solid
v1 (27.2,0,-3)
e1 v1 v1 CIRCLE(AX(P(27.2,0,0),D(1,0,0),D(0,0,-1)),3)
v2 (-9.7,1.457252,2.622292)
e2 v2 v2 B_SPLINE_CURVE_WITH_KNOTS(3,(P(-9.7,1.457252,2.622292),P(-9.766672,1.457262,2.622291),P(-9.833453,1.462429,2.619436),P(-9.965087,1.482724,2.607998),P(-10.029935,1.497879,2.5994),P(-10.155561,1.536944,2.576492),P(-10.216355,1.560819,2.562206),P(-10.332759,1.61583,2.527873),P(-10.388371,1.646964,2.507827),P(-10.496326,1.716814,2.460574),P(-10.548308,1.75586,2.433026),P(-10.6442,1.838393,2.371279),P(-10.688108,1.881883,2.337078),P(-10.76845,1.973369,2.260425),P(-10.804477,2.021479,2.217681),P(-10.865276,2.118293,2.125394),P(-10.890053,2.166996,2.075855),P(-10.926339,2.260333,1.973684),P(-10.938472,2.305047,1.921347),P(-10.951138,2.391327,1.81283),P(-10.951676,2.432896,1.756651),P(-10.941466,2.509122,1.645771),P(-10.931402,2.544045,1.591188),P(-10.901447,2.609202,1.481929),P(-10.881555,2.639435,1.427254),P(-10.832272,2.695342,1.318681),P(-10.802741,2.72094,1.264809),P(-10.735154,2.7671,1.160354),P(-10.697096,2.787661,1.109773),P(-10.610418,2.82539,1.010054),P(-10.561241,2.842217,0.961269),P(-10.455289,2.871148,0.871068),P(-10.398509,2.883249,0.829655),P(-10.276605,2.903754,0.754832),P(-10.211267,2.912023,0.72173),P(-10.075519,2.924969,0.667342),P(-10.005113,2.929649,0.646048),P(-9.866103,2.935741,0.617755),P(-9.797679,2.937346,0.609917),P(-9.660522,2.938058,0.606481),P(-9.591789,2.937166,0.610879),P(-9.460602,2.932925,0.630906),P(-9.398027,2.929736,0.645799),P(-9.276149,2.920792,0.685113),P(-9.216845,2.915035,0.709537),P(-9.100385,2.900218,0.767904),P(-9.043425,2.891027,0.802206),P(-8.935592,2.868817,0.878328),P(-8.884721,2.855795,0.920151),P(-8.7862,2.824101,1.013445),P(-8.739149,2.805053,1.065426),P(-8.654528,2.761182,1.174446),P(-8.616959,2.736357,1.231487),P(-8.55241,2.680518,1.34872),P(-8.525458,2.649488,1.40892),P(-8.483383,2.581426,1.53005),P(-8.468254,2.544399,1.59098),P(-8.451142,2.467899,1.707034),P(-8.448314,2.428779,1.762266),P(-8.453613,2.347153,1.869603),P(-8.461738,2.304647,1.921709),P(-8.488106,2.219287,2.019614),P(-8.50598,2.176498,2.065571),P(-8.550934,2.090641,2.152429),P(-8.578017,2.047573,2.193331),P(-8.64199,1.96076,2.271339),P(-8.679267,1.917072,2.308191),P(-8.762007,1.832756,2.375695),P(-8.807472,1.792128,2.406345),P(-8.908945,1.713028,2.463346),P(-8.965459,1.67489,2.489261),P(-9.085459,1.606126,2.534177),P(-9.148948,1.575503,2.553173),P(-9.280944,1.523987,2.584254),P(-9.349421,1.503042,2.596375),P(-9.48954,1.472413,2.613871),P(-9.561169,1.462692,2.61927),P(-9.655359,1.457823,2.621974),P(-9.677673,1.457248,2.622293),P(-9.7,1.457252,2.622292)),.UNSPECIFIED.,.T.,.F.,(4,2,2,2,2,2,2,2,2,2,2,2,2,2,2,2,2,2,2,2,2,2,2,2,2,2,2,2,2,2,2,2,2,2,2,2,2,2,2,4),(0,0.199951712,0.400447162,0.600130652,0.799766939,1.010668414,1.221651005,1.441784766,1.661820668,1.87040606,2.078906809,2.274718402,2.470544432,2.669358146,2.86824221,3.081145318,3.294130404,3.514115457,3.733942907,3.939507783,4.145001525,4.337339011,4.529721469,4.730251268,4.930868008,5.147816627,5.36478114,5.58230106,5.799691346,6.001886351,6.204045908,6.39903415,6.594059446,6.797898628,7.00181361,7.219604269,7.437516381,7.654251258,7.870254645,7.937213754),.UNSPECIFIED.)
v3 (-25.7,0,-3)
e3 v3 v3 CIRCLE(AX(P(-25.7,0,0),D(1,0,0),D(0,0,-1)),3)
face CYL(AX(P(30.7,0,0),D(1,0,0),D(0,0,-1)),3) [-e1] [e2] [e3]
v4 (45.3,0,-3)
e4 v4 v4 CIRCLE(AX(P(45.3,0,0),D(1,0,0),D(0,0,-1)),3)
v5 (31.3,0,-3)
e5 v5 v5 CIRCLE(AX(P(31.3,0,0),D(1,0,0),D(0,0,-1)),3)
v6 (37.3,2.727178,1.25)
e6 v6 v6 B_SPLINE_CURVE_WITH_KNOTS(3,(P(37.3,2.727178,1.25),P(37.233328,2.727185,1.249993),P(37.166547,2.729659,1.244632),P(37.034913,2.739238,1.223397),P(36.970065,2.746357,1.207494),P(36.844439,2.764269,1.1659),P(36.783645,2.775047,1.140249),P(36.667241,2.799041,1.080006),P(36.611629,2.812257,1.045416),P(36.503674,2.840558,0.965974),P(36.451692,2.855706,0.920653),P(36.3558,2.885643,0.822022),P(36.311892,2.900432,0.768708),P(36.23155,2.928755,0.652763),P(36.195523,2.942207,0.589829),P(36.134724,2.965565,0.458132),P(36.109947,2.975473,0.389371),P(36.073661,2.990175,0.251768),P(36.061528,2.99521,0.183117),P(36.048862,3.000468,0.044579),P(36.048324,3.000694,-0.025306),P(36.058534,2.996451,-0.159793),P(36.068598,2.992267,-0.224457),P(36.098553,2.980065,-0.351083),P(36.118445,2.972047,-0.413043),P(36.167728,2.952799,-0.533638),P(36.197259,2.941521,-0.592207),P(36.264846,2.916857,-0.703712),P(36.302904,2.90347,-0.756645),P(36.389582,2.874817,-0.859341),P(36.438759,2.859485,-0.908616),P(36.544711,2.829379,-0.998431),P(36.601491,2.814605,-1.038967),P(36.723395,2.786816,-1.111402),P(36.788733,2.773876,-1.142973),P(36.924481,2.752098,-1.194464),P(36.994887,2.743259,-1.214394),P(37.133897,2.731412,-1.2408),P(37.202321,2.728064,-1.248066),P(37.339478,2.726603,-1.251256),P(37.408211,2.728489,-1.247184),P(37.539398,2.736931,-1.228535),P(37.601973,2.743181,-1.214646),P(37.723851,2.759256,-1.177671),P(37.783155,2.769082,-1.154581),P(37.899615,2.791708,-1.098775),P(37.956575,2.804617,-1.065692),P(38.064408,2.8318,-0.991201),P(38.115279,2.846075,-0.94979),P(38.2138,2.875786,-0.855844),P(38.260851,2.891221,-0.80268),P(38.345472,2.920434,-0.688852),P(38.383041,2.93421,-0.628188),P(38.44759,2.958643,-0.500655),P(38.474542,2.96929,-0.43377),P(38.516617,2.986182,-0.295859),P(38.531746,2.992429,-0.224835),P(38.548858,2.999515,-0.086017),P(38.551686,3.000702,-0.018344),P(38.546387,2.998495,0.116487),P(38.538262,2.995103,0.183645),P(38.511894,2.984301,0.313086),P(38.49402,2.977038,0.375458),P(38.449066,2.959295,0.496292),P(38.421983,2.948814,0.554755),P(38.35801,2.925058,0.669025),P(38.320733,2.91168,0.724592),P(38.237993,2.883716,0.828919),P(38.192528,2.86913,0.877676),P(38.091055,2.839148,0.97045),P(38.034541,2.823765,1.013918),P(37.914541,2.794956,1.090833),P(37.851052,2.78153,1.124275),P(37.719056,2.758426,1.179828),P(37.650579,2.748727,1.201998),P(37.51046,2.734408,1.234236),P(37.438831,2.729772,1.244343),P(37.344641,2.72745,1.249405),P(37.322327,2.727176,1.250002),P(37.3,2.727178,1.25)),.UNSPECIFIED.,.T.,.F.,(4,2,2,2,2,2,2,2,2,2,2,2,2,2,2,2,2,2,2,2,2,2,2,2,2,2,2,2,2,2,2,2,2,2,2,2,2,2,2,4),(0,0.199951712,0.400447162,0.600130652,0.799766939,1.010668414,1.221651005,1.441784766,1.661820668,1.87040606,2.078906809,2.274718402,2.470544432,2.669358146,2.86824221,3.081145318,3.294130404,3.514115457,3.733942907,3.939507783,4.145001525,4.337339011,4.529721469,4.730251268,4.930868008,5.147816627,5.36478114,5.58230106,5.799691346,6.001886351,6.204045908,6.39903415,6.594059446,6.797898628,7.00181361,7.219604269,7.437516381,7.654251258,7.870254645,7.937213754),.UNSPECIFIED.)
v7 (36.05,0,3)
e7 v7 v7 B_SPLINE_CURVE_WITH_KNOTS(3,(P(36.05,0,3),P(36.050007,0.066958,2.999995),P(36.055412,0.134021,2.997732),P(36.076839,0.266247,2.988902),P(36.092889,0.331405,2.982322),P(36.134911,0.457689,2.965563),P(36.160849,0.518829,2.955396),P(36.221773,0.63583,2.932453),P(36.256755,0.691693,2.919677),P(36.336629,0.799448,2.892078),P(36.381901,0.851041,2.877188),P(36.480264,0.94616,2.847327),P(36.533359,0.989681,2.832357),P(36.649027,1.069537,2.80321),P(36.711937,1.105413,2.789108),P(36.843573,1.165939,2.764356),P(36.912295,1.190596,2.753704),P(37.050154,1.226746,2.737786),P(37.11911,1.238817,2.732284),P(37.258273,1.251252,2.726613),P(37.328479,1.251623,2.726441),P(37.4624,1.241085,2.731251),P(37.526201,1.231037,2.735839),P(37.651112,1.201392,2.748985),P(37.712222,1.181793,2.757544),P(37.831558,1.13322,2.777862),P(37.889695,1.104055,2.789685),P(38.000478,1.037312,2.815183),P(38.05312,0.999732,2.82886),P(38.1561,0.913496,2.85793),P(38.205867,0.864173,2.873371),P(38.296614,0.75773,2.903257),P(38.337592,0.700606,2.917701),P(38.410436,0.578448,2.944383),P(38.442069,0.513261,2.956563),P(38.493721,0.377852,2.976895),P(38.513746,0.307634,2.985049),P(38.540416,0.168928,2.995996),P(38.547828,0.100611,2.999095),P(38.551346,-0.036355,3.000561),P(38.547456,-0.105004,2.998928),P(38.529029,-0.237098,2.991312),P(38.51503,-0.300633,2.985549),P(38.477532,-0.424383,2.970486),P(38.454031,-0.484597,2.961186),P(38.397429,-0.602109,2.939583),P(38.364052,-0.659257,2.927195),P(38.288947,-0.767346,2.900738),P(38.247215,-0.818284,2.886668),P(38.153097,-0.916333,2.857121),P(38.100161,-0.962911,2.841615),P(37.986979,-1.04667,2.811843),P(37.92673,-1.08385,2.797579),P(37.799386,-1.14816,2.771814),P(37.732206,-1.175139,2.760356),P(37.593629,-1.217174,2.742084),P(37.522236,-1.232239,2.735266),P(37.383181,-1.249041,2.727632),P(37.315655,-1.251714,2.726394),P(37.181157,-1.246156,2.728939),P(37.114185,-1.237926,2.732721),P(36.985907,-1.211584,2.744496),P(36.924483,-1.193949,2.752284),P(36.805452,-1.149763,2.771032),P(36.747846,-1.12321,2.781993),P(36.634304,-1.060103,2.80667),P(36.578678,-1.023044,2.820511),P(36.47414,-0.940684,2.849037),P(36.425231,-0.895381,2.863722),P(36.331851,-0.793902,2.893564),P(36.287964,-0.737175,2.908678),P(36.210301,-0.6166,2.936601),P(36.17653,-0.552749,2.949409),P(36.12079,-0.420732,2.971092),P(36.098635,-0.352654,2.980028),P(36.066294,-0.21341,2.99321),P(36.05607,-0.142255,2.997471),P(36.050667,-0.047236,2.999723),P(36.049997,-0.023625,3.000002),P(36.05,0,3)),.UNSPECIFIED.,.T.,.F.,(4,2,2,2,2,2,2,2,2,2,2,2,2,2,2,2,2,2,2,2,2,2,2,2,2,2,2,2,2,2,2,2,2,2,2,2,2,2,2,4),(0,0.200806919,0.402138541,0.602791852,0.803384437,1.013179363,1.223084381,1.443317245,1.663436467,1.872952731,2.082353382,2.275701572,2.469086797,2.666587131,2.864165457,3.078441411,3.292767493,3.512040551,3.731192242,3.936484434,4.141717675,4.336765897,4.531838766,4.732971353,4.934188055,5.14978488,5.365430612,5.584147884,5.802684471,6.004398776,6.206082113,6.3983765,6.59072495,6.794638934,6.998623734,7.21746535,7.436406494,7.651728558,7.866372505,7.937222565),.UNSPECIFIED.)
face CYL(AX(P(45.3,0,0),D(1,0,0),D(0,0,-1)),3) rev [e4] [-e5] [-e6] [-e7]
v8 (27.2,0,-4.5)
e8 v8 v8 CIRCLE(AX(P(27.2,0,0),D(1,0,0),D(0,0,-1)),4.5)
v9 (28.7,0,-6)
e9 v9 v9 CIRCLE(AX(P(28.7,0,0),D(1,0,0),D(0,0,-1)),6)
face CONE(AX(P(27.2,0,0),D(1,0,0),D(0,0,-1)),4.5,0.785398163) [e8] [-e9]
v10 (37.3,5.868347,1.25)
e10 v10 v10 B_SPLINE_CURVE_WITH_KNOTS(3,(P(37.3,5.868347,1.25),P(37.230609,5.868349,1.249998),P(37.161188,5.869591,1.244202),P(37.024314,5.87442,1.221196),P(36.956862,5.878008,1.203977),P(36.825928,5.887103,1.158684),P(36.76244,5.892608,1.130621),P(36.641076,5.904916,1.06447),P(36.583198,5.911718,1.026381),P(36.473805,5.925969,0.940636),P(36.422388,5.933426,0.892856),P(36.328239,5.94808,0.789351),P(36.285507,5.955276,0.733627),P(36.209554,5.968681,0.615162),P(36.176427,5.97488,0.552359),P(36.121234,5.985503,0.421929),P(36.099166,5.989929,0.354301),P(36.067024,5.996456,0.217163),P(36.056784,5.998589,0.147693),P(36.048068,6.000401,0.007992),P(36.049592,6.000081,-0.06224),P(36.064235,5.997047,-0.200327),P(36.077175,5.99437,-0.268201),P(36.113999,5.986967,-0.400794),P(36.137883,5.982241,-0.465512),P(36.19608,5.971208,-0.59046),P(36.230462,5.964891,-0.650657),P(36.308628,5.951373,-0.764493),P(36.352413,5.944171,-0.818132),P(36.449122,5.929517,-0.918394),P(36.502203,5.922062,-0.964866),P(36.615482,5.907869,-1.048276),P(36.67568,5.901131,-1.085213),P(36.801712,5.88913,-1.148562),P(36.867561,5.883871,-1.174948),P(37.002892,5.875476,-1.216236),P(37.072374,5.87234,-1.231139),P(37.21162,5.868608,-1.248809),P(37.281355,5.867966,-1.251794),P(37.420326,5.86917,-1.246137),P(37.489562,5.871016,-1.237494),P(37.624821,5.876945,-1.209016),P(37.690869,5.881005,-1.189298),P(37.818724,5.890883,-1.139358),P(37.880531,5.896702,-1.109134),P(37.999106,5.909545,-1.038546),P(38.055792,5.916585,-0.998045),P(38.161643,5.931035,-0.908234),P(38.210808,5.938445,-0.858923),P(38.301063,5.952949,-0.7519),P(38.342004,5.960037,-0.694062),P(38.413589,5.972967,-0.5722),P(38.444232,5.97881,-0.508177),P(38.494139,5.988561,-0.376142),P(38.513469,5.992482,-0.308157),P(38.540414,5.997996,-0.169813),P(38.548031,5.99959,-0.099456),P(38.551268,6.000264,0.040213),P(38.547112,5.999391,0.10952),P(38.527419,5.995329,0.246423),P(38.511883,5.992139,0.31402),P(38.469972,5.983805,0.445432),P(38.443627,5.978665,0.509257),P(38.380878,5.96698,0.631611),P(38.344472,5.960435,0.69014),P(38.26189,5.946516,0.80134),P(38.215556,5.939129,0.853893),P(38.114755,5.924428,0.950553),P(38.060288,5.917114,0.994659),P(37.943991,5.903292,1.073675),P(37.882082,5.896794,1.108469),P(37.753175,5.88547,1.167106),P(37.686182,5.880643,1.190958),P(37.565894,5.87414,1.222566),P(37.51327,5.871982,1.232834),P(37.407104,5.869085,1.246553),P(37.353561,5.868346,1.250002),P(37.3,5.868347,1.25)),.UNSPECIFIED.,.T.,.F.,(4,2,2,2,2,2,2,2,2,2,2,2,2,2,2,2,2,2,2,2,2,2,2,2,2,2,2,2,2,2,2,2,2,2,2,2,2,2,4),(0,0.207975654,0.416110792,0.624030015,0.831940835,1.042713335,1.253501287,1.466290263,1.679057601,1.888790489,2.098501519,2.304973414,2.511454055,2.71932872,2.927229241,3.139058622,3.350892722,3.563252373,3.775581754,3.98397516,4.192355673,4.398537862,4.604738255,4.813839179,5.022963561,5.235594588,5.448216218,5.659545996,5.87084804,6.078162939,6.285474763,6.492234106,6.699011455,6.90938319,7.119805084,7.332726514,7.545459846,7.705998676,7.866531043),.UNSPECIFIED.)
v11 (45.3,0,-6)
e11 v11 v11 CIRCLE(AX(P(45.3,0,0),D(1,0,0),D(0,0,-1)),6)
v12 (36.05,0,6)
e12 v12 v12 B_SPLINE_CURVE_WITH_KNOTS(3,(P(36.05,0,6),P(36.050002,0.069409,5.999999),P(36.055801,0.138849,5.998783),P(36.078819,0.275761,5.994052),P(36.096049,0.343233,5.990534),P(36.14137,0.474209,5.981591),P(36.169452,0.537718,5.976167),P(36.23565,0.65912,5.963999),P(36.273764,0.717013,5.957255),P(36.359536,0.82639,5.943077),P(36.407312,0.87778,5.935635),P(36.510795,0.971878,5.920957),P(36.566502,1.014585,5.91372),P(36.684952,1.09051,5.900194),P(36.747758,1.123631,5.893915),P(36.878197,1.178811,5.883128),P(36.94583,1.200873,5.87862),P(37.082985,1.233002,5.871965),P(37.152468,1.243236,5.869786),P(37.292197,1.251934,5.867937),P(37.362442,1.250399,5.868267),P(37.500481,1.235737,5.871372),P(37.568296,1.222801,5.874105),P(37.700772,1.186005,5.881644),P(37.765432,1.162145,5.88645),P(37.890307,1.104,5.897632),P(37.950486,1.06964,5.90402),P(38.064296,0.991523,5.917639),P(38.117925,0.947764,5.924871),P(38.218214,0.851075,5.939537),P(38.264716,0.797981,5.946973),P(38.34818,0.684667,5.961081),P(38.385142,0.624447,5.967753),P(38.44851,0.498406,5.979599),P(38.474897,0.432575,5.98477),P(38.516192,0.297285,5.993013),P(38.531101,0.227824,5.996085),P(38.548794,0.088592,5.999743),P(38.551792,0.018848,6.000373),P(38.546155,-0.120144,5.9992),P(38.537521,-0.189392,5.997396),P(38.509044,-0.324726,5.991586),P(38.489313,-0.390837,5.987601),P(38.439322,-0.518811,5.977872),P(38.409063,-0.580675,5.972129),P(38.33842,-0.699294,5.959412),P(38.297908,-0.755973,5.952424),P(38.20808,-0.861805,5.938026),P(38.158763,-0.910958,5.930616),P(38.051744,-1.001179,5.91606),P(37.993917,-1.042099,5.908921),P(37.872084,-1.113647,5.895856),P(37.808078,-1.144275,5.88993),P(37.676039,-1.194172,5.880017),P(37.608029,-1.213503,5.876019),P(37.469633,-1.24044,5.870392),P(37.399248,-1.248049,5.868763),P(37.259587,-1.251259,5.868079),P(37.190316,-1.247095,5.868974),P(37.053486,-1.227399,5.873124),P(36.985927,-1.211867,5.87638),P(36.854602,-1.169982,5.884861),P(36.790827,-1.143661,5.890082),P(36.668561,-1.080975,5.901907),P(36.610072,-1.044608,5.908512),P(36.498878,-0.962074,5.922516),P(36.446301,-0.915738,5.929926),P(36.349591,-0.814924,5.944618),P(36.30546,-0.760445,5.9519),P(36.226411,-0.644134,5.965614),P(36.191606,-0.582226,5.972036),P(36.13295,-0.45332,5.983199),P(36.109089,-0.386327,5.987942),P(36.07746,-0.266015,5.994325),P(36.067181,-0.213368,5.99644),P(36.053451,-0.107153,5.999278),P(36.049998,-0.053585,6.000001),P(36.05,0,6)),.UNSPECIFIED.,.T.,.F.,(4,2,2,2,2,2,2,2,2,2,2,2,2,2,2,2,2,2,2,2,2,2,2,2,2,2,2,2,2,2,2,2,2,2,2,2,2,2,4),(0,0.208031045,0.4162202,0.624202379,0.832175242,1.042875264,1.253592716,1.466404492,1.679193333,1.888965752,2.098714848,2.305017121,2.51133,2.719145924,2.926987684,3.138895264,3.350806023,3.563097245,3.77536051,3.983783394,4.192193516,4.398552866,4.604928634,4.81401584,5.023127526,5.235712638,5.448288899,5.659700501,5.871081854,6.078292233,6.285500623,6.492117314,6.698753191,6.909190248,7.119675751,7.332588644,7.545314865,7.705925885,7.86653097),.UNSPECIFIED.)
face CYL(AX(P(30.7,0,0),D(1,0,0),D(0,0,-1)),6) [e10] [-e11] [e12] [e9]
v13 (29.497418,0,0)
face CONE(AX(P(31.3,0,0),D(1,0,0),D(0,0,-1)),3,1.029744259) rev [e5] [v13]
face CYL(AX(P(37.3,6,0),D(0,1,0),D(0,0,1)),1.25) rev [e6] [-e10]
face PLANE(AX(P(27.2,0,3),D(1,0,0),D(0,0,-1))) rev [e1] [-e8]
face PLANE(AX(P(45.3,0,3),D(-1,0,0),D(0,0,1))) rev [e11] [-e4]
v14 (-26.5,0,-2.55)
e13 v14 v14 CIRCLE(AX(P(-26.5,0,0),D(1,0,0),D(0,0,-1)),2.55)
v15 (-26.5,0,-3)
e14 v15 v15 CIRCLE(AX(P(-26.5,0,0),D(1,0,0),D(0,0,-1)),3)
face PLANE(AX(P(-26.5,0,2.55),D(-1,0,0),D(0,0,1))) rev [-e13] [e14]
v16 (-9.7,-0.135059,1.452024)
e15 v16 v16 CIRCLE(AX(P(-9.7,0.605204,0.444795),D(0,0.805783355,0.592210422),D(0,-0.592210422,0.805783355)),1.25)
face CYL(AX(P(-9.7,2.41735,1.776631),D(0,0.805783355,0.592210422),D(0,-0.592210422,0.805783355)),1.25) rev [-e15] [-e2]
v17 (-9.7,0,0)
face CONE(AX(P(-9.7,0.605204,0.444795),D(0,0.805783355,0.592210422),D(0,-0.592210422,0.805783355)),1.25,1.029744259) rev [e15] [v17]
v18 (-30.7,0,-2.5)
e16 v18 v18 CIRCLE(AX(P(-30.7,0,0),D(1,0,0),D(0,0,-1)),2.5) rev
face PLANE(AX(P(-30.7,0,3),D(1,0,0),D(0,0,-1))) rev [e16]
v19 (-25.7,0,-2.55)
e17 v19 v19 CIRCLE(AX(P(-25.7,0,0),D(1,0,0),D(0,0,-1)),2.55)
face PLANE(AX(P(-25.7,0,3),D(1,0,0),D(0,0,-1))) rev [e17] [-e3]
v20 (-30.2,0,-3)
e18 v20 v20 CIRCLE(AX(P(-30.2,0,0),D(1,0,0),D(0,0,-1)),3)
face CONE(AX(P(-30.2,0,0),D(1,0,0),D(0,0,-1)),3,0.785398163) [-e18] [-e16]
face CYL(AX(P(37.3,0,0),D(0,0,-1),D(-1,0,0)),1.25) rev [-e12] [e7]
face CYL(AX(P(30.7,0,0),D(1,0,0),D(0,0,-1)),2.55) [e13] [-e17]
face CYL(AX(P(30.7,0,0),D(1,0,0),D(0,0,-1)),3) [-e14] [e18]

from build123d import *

# Parameters (mm, degrees)
CHAFL_N1_SIZE                                  = 0.5
PERFORADOR_PARA_ROSCAR_PARA_MACHO_DE_ROS_D     = 2.5
PERFORADOR_PARA_ROSCAR_PARA_MACHO_DE_ROS_DEPTH = 6
PERFORADOR_PARA_ROSCAR_PARA_MACHO_DE_ROS_TIP   = 0.751075774
CROQUIS12_W                                    = 1.25
CROQUIS12_H                                    = 6
TALADROS_DE_ESPIGA_DE_6_0MM1_D                 = 6
TALADROS_DE_ESPIGA_DE_6_0MM1_DEPTH             = 14
TALADROS_DE_ESPIGA_DE_6_0MM1_TIP               = 1.802581857
PERFORADOR_PARA_ROSCAR_PARA_MACHO_DE_3_D       = 2.5
PERFORADOR_PARA_ROSCAR_PARA_MACHO_DE_3_DEPTH   = 2.248924226
PERFORADOR_PARA_ROSCAR_PARA_MACHO_DE_3_TIP     = 0.751075774


with BuildPart() as part:
    # Croquis1 → Revolución1 (revolve)
    with BuildSketch(Plane(origin=(0, 0, 0), x_dir=(-1, 0, 0), z_dir=(0, 1, 0)), mode=Mode.PRIVATE) as revoluci_n1_sk:
        Polygon((-45.3, 3), (-45.3, 6), (-28.7, 6), (-27.2, 4.5), (-27.2, 3), (25.7, 3), (25.7, 2.55), (26.5, 2.55), (26.5, 3), (30.7, 3), (30.7, 0), (-30.7, 0), (-45.3, 0), align=None)
    revolve(revoluci_n1_sk.sketch.rotate(Axis((30.7, 0, 0), (-1, 0, 0)), 180), axis=Axis((30.7, 0, 0), (-1, 0, 0)))

    # Chaflán1
    chafl_n1_edges = [part.edges().sort_by_distance(p)[0] for p in [
        (-30.7, 0, 3),
    ]]
    chamfer(chafl_n1_edges, length=CHAFL_N1_SIZE)

    # Perforador para roscar para macho de ros
    with Locations(Plane(origin=(0, 6, -6), x_dir=(0, 0, 1), z_dir=(0, 1, 0))):
        with Locations((6, 37.3)):
            Hole(PERFORADOR_PARA_ROSCAR_PARA_MACHO_DE_ROS_D / 2, depth=PERFORADOR_PARA_ROSCAR_PARA_MACHO_DE_ROS_DEPTH)
            with Locations((0, 0, -(PERFORADOR_PARA_ROSCAR_PARA_MACHO_DE_ROS_DEPTH + PERFORADOR_PARA_ROSCAR_PARA_MACHO_DE_ROS_TIP / 2))):  # 118° drill point
                Cone(0, PERFORADOR_PARA_ROSCAR_PARA_MACHO_DE_ROS_D / 2, PERFORADOR_PARA_ROSCAR_PARA_MACHO_DE_ROS_TIP, mode=Mode.SUBTRACT)

    # Croquis12 → Perforador para roscar para macho de 2 (revolve, cut)
    with BuildSketch(Plane.YZ.offset(37.3)):
        with Locations((0.625, 3)):
            Rectangle(CROQUIS12_W, CROQUIS12_H)
    revolve(axis=Axis((37.3, 0, -6.35), (0, 0, 1)), mode=Mode.SUBTRACT)

    # Taladros de espiga de Ø6.0mm1
    with Locations(Plane.YZ.offset(45.3)):
        with Locations((0, 0)):
            Hole(TALADROS_DE_ESPIGA_DE_6_0MM1_D / 2, depth=TALADROS_DE_ESPIGA_DE_6_0MM1_DEPTH)
            with Locations((0, 0, -(TALADROS_DE_ESPIGA_DE_6_0MM1_DEPTH + TALADROS_DE_ESPIGA_DE_6_0MM1_TIP / 2))):  # 118° drill point
                Cone(0, TALADROS_DE_ESPIGA_DE_6_0MM1_D / 2, TALADROS_DE_ESPIGA_DE_6_0MM1_TIP, mode=Mode.SUBTRACT)

    # Perforador para roscar para macho de 3
    with Locations(Plane(origin=(-9.7, 2.417350066, 1.776631267), x_dir=(0, -0.592210422366, 0.805783355276), z_dir=(0, 0.805783355276, 0.592210422366))):
        with Locations((0, 0)):
            Hole(PERFORADOR_PARA_ROSCAR_PARA_MACHO_DE_3_D / 2, depth=PERFORADOR_PARA_ROSCAR_PARA_MACHO_DE_3_DEPTH)
            with Locations((0, 0, -(PERFORADOR_PARA_ROSCAR_PARA_MACHO_DE_3_DEPTH + PERFORADOR_PARA_ROSCAR_PARA_MACHO_DE_3_TIP / 2))):  # 118° drill point
                Cone(0, PERFORADOR_PARA_ROSCAR_PARA_MACHO_DE_3_D / 2, PERFORADOR_PARA_ROSCAR_PARA_MACHO_DE_3_TIP, mode=Mode.SUBTRACT)


solid = part.part
